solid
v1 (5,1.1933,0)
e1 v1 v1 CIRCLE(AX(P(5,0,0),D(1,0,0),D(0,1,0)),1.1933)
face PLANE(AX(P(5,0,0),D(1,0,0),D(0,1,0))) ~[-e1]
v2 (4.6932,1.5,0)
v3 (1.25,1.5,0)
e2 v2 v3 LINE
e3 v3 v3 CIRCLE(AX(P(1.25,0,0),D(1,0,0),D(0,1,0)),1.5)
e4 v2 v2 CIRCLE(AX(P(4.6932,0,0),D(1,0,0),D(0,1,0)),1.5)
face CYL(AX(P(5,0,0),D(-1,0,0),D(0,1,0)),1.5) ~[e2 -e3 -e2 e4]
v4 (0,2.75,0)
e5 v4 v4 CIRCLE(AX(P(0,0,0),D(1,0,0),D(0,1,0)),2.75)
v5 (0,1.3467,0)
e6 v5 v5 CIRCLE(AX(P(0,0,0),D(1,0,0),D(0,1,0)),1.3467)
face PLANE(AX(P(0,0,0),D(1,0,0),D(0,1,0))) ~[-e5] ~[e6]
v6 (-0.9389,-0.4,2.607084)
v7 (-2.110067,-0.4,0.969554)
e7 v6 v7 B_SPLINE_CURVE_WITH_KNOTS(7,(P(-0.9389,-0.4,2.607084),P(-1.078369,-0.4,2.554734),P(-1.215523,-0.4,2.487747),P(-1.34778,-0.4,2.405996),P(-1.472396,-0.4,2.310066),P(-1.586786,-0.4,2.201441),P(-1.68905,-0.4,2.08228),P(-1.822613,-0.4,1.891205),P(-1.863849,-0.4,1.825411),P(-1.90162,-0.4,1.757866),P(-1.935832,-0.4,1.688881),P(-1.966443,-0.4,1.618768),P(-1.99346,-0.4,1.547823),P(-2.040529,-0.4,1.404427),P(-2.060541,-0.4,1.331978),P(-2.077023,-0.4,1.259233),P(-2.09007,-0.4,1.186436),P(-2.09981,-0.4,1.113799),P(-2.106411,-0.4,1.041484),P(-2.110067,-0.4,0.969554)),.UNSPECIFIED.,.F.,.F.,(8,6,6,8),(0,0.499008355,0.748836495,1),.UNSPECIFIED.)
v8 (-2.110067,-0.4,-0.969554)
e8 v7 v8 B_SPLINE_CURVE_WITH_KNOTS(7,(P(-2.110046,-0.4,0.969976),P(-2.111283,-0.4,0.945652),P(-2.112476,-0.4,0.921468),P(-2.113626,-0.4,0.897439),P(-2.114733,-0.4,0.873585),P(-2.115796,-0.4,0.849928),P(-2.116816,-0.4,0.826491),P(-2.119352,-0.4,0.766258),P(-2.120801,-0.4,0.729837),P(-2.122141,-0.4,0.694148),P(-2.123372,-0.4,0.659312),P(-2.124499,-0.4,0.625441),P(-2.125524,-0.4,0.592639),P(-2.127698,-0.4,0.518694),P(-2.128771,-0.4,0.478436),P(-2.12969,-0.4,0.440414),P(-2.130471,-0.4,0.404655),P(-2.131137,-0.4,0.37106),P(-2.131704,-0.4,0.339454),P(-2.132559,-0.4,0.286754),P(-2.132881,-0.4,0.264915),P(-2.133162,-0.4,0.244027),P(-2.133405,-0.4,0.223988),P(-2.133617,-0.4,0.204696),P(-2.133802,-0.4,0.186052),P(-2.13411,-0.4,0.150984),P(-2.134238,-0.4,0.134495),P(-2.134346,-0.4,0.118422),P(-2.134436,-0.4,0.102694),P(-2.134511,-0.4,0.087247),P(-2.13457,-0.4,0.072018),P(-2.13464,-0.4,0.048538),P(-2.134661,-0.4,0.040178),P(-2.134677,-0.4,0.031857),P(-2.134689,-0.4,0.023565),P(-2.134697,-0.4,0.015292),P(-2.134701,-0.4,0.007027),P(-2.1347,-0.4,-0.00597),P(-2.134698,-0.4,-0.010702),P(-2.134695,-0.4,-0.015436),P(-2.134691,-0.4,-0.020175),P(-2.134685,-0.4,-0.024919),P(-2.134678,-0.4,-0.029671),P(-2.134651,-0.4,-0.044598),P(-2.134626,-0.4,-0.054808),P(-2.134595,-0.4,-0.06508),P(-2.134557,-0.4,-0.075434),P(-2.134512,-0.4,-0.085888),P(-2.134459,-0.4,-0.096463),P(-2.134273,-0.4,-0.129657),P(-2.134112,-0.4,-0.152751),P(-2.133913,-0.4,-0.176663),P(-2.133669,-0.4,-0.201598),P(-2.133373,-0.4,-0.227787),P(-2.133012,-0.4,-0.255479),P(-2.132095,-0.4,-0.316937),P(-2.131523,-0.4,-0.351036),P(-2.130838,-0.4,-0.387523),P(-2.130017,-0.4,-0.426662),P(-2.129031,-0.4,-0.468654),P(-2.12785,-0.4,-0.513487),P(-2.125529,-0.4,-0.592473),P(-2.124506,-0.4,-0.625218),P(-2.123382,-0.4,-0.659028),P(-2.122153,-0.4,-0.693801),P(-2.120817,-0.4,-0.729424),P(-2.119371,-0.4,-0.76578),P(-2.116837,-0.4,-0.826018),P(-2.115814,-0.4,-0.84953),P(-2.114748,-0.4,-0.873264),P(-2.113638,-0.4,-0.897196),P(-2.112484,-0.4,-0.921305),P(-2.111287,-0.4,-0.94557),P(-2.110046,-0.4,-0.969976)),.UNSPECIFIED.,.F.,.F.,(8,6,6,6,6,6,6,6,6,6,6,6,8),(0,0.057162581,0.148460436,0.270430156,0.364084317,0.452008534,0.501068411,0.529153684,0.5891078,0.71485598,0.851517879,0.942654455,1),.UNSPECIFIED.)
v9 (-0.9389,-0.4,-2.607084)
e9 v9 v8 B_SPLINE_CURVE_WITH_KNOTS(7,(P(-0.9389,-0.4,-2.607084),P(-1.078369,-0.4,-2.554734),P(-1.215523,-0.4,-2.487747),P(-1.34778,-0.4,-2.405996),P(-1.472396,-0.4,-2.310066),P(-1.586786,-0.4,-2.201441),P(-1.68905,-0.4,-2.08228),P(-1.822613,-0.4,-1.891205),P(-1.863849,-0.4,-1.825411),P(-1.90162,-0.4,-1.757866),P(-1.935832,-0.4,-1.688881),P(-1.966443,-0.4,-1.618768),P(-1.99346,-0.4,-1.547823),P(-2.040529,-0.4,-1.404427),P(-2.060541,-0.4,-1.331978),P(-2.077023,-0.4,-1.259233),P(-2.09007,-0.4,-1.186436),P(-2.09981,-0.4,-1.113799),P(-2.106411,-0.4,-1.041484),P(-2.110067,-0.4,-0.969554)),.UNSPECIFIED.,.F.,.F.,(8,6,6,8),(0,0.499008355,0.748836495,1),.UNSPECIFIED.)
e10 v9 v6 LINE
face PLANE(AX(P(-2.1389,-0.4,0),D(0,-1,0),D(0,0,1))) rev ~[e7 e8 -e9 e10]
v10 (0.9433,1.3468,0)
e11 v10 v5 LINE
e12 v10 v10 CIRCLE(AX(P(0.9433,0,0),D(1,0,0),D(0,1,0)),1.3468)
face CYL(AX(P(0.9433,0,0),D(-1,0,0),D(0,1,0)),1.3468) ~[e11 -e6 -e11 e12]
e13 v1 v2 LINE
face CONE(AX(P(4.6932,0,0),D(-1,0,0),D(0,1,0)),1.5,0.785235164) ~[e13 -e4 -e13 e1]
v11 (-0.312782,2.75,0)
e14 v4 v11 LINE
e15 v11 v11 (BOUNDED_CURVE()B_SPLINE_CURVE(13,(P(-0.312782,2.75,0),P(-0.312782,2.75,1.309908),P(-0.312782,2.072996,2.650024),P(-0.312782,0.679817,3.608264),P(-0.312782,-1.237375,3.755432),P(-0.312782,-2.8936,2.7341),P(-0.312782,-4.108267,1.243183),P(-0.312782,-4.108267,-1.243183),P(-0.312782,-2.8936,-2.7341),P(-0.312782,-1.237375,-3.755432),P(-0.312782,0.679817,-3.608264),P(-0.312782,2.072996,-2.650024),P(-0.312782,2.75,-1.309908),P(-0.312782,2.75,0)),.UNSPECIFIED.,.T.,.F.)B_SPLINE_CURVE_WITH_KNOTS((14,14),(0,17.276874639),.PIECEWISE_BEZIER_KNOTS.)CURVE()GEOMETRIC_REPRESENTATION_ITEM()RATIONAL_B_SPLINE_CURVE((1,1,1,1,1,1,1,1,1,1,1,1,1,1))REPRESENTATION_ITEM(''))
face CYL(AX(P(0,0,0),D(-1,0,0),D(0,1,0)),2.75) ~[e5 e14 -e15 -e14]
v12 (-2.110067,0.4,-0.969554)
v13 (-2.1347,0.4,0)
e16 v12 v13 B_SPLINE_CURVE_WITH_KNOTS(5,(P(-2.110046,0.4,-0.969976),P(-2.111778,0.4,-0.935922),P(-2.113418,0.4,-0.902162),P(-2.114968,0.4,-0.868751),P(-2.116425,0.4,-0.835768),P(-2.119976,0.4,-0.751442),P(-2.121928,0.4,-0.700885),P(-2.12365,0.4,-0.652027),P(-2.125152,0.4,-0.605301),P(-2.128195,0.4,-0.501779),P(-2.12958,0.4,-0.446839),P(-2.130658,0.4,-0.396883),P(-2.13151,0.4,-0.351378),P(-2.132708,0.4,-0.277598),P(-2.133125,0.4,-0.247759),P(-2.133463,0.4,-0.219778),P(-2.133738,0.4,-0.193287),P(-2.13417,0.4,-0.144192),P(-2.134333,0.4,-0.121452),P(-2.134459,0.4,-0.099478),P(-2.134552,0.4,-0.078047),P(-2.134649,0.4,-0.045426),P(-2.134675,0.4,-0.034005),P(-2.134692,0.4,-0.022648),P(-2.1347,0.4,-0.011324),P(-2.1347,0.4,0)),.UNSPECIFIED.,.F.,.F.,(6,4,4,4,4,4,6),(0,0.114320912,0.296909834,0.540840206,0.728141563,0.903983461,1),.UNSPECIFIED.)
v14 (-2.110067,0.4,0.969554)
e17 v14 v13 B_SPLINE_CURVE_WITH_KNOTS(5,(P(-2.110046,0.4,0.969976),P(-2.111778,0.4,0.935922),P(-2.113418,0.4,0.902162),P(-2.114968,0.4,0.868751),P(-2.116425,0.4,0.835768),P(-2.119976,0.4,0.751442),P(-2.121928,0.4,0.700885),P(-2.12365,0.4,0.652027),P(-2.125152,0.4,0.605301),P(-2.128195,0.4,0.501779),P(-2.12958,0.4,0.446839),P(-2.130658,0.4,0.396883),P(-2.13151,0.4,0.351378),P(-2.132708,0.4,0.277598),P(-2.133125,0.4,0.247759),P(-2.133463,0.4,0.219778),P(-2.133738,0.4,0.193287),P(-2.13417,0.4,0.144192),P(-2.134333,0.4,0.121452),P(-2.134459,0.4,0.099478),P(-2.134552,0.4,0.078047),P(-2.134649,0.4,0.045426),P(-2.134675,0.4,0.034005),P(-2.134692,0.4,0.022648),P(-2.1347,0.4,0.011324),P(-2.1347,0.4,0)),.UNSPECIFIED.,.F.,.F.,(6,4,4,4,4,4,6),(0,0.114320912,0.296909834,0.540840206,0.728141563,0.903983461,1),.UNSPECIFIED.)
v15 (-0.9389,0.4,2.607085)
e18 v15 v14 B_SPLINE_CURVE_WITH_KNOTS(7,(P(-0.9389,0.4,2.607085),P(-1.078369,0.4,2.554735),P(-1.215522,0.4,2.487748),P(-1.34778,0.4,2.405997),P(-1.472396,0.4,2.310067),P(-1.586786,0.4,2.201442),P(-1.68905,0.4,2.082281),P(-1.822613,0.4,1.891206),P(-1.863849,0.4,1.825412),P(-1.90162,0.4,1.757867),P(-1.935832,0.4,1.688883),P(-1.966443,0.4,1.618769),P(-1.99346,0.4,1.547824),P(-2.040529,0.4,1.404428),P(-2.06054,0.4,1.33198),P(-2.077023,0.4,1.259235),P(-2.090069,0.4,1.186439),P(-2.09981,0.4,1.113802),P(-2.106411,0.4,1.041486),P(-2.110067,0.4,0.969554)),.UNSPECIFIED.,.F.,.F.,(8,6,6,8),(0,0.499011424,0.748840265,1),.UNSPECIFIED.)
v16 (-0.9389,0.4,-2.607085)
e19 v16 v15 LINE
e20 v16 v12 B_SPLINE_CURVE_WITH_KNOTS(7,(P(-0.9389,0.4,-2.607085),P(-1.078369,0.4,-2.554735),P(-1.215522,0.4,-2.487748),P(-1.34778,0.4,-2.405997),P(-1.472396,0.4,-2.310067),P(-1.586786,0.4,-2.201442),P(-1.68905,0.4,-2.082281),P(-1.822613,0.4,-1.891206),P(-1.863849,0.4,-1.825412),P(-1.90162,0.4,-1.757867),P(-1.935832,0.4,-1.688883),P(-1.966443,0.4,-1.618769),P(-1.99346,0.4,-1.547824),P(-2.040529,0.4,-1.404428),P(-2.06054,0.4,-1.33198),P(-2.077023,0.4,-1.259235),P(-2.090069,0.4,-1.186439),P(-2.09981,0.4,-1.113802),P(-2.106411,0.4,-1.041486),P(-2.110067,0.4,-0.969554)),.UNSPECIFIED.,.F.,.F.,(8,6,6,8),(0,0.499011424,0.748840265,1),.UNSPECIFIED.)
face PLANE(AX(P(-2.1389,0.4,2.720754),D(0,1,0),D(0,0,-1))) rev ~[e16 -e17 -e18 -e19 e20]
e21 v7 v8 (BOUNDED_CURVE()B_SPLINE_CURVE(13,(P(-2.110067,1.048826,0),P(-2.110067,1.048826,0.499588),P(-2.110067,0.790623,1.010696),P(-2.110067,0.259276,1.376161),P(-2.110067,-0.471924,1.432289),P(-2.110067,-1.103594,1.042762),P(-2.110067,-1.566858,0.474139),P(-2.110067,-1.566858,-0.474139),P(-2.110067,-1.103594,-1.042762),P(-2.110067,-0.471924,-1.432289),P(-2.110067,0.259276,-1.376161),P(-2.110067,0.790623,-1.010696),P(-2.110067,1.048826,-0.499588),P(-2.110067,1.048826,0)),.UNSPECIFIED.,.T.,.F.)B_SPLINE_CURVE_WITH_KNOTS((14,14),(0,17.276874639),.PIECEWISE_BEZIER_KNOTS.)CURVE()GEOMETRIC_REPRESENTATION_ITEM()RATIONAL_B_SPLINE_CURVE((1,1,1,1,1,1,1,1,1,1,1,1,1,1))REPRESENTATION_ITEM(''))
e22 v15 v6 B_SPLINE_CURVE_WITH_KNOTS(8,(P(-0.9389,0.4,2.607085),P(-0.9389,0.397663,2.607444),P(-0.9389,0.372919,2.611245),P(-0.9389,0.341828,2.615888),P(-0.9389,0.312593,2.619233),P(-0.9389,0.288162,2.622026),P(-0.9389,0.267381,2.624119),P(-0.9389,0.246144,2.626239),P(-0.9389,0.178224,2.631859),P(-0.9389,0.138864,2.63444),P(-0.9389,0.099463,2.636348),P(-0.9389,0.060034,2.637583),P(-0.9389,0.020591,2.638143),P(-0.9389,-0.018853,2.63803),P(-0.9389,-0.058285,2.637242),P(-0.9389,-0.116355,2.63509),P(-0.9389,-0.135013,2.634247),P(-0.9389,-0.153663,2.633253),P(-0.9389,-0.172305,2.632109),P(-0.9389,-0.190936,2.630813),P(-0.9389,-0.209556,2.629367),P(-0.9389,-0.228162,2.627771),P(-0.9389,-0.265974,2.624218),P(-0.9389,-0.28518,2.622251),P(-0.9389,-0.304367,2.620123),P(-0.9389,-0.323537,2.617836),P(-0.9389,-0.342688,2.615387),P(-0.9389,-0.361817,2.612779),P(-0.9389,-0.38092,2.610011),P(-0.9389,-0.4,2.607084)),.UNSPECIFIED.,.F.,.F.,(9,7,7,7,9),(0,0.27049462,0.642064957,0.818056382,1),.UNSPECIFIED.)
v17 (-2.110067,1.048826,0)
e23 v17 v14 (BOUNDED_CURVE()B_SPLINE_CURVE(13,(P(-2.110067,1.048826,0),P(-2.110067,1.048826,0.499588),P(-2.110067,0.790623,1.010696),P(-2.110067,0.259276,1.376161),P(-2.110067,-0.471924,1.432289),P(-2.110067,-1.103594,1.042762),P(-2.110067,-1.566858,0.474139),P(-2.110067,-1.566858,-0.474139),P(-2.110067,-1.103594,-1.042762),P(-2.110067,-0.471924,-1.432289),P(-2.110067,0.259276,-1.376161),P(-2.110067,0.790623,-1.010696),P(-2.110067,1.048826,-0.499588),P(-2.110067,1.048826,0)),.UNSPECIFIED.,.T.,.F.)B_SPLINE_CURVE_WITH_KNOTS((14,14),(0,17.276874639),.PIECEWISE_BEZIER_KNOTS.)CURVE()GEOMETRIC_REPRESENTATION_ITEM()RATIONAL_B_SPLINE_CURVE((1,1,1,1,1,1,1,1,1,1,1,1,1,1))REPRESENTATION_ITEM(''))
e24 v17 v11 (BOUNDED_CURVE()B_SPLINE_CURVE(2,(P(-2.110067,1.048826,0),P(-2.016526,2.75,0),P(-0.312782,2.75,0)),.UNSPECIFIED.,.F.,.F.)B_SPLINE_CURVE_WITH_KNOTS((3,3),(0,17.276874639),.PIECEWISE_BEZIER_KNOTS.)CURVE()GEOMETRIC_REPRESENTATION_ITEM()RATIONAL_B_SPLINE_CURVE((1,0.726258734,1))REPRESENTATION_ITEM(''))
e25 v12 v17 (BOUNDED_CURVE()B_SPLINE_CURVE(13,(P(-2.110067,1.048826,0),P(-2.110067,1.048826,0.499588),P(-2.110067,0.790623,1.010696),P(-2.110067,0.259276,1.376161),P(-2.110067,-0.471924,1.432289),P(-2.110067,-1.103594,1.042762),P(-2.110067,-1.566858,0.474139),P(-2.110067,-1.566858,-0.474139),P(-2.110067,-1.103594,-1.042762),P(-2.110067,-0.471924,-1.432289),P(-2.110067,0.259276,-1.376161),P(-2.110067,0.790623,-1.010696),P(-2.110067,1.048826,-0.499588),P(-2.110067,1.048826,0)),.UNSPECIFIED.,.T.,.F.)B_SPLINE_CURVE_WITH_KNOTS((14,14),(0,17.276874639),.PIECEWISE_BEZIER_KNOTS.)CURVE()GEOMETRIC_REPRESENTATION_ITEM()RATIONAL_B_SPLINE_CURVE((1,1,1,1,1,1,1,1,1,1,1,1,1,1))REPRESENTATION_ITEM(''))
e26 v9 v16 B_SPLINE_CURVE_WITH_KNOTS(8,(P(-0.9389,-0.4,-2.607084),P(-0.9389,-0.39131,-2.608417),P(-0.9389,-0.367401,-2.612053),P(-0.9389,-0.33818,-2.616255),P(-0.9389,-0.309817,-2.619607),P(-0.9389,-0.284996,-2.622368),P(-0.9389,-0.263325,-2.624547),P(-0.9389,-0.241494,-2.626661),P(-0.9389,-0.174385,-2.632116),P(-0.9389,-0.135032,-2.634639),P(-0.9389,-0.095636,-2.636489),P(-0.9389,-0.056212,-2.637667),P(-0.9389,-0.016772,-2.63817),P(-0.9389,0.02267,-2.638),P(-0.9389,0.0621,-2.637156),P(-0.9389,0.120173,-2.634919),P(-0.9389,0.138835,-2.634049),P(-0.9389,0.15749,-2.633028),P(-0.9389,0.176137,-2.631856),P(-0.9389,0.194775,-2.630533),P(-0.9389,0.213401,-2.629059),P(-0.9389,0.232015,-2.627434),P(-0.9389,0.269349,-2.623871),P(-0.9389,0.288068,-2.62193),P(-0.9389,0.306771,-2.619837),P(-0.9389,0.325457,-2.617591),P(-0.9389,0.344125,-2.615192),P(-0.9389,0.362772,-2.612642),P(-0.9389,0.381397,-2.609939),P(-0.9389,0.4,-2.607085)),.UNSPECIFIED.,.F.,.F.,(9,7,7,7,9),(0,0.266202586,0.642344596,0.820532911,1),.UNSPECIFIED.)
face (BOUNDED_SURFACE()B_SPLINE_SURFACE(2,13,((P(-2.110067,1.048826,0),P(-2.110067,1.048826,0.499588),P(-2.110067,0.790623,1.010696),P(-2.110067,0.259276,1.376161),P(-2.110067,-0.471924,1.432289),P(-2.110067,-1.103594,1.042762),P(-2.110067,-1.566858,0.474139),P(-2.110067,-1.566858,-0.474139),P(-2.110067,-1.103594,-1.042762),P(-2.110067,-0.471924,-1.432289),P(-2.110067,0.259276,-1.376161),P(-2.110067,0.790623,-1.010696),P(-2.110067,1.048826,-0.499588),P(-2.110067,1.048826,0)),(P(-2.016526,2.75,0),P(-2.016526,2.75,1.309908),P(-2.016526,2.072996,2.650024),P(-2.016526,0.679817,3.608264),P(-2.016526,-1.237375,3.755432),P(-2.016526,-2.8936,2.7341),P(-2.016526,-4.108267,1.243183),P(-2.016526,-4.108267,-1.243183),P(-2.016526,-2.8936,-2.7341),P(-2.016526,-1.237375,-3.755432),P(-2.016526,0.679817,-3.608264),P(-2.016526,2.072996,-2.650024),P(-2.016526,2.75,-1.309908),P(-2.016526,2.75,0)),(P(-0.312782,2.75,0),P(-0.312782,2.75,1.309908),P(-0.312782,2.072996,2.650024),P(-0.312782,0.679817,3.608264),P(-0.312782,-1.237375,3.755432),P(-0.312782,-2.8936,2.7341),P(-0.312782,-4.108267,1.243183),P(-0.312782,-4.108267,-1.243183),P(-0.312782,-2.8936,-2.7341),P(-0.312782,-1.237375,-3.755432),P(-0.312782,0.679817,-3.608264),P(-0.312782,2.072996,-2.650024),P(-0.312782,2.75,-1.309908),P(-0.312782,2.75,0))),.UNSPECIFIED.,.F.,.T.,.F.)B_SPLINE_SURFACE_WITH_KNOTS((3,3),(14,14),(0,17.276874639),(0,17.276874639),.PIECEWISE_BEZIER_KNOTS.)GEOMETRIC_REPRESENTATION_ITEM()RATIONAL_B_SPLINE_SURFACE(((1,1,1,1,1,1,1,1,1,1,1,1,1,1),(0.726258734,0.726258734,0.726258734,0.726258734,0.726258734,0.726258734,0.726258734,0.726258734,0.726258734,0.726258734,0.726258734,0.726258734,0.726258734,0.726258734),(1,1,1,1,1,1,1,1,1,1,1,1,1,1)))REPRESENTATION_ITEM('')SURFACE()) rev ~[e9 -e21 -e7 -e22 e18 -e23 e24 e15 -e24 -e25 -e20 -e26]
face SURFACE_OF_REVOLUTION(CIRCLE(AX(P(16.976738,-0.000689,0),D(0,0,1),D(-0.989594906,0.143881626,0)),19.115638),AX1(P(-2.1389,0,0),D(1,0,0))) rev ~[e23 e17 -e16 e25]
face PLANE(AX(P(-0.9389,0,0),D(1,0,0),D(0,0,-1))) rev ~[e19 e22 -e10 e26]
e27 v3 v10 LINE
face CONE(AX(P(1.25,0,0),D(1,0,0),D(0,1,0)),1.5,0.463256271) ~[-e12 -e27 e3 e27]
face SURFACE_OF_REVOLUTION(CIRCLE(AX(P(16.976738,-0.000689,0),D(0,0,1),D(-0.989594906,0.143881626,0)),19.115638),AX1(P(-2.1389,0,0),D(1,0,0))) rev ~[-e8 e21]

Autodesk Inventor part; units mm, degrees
ref_plane "YZ Plane" through (0, 0, 0) normal (1, 0, 0) x (0, 1, 0)
sketch "Skizze1" plane through (0, 0, 0) normal (0, 0, 1) x (1, 0, 0)
  line L0 (-2.1389, 0) -> (5, 0)
  line L1 (5, 0) -> (5, 1.5)
  line L2 (5, 1.5) -> (1.25, 1.5)
  line L3 (1.25, 1.5) -> (0.9433, 1.3468)
  line L4 (0.9433, 1.3468) -> (0, 1.3467)
  line L5 (0, 1.3467) -> (0, 2.75)
  line L6 (-6.0203, 0) -> (20.8022, 0) projected
  line L7 (0, -0.5507) -> (0, 3.3039) projected
  line L8 (0, 2.75) -> (-1.94, 2.7497)
  arc A0 (-1.94, 2.7497) -> (-2.1389, 0) centre (16.9704, 0) ccw
  dimension "d0" = 5
  dimension "d1" = 3.75
  dimension "d2" = 0.3067
  dimension "d3" = 2.1389
  dimension "d4" = 3
  dimension "d5" = 2.6935
  dimension "d9" = 5.5
  dimension "d10" = 0.01
  dimension "d15" = 19.1093
revolve "Körper" add sketch "Skizze1" angle 360 about axis through (-2.1389, 0, 0) along (1, 0, 0)
fillet "Rundung1" radius 1.8 1 edges at (-1.94, -2.7497, 0)
ref_plane "IDS_WORKPLANE{1}" through (-2.1389, 0, 0) normal (1, 0, 0) x (0, 0, -1)
sketch "Skizze2" plane through (-2.1389, 0, 0) normal (1, 0, 0) x (0, 0, -1)
  line L0 (0, -3.85) -> (0, 3.85) projected
  line L1 (3.85, 0) -> (-3.85, 0) projected
  line L2 (-2.75, 0.4) -> (2.75, 0.4)
  line L3 (2.75, 0.4) -> (2.75, -0.4)
  line L4 (2.75, -0.4) -> (-2.75, -0.4)
  line L5 (-2.75, -0.4) -> (-2.75, 0.4)
  line L6 (0, 0.4) -> (0, -0.4) construction
  line L7 (-2.75, 0) -> (2.75, 0) construction
  circle A0 centre (0, 0) radius 2.75 projected
  dimension "d17" = 0.8
extrude "Loch" cut sketch "Skizze2" along normal blind 1.2 contours L4 A0 L1 L0 | L0 L1 A0 L4 | L4 L5 A0 | A0 L3 L4 | L1 A0 L2 L0 | L0 L2 A0 L1 | L5 L2 A0 | A0 L2 L3
thread "Gewinde" size "M3x0.5" class "6g" standard "ISO Metric profile" length 3.75
chamfer "Fase1" distance 0.3067 distance2 0.3068 1 edges at (5, -1.5, 0) measured on face at (5, 0.8773, -0.3972)
ref_plane "Work Plane2" through (8.25, 0, 0) normal (0, 0, -1) x (1, 0, 0)
equation "\"d0\" = NLG"
equation "\"d1\" = GEL"
equation "\"d2\" = GAL"
equation "\"d3\" = KOH"
equation "\"d4\" = GD"
equation "\"d5\" = BDM"
equation "\"d9\" = KOD"
equation "\"d10\" = KEWI"
equation "\"d17\" = SBR"
equation "\"d18\" = STI"
equation "\"d20\" = RR"
equation "\"d11\" = GEL"
equation "\"d13\" = -0.5 * SPD + 0.5 * GD"
equation "\"GD\" = NND"
equation "\"NLG\" = 5"
equation "\"GEL\" = 3.75"
equation "\"KOD\" = 5.5"
equation "\"KOH\" = 2.13889"
equation "\"GAL\" = 0.61345 * PTC"
equation "\"SPD\" = NND - 1.2269 * PTC"
equation "\"BDM\" = 2.6935"
equation "\"GUL\" = 0.61345 * PTC"
equation "\"RR\" = 1.8"
equation "\"SBR\" = 0.8"
equation "\"STI\" = 1.2"
equation "\"KEWI\" = 0.01deg"
equation "\"KR\" = 3.3"
equation "\"d16\" = -KOH"
equation "\"PTC\" = 0.5"
equation "\"THREADDIA\" = 3"
equation "\"TOA\" = 30deg"
equation "\"NND\" = 3"
equation "\"ORI\" = 1.8"
equation "\"GD1\" = THREADDIA - 1.2269 * PTC"
properties part number "CNS 9671 - M3 x 5" material "Steel, Mild"
